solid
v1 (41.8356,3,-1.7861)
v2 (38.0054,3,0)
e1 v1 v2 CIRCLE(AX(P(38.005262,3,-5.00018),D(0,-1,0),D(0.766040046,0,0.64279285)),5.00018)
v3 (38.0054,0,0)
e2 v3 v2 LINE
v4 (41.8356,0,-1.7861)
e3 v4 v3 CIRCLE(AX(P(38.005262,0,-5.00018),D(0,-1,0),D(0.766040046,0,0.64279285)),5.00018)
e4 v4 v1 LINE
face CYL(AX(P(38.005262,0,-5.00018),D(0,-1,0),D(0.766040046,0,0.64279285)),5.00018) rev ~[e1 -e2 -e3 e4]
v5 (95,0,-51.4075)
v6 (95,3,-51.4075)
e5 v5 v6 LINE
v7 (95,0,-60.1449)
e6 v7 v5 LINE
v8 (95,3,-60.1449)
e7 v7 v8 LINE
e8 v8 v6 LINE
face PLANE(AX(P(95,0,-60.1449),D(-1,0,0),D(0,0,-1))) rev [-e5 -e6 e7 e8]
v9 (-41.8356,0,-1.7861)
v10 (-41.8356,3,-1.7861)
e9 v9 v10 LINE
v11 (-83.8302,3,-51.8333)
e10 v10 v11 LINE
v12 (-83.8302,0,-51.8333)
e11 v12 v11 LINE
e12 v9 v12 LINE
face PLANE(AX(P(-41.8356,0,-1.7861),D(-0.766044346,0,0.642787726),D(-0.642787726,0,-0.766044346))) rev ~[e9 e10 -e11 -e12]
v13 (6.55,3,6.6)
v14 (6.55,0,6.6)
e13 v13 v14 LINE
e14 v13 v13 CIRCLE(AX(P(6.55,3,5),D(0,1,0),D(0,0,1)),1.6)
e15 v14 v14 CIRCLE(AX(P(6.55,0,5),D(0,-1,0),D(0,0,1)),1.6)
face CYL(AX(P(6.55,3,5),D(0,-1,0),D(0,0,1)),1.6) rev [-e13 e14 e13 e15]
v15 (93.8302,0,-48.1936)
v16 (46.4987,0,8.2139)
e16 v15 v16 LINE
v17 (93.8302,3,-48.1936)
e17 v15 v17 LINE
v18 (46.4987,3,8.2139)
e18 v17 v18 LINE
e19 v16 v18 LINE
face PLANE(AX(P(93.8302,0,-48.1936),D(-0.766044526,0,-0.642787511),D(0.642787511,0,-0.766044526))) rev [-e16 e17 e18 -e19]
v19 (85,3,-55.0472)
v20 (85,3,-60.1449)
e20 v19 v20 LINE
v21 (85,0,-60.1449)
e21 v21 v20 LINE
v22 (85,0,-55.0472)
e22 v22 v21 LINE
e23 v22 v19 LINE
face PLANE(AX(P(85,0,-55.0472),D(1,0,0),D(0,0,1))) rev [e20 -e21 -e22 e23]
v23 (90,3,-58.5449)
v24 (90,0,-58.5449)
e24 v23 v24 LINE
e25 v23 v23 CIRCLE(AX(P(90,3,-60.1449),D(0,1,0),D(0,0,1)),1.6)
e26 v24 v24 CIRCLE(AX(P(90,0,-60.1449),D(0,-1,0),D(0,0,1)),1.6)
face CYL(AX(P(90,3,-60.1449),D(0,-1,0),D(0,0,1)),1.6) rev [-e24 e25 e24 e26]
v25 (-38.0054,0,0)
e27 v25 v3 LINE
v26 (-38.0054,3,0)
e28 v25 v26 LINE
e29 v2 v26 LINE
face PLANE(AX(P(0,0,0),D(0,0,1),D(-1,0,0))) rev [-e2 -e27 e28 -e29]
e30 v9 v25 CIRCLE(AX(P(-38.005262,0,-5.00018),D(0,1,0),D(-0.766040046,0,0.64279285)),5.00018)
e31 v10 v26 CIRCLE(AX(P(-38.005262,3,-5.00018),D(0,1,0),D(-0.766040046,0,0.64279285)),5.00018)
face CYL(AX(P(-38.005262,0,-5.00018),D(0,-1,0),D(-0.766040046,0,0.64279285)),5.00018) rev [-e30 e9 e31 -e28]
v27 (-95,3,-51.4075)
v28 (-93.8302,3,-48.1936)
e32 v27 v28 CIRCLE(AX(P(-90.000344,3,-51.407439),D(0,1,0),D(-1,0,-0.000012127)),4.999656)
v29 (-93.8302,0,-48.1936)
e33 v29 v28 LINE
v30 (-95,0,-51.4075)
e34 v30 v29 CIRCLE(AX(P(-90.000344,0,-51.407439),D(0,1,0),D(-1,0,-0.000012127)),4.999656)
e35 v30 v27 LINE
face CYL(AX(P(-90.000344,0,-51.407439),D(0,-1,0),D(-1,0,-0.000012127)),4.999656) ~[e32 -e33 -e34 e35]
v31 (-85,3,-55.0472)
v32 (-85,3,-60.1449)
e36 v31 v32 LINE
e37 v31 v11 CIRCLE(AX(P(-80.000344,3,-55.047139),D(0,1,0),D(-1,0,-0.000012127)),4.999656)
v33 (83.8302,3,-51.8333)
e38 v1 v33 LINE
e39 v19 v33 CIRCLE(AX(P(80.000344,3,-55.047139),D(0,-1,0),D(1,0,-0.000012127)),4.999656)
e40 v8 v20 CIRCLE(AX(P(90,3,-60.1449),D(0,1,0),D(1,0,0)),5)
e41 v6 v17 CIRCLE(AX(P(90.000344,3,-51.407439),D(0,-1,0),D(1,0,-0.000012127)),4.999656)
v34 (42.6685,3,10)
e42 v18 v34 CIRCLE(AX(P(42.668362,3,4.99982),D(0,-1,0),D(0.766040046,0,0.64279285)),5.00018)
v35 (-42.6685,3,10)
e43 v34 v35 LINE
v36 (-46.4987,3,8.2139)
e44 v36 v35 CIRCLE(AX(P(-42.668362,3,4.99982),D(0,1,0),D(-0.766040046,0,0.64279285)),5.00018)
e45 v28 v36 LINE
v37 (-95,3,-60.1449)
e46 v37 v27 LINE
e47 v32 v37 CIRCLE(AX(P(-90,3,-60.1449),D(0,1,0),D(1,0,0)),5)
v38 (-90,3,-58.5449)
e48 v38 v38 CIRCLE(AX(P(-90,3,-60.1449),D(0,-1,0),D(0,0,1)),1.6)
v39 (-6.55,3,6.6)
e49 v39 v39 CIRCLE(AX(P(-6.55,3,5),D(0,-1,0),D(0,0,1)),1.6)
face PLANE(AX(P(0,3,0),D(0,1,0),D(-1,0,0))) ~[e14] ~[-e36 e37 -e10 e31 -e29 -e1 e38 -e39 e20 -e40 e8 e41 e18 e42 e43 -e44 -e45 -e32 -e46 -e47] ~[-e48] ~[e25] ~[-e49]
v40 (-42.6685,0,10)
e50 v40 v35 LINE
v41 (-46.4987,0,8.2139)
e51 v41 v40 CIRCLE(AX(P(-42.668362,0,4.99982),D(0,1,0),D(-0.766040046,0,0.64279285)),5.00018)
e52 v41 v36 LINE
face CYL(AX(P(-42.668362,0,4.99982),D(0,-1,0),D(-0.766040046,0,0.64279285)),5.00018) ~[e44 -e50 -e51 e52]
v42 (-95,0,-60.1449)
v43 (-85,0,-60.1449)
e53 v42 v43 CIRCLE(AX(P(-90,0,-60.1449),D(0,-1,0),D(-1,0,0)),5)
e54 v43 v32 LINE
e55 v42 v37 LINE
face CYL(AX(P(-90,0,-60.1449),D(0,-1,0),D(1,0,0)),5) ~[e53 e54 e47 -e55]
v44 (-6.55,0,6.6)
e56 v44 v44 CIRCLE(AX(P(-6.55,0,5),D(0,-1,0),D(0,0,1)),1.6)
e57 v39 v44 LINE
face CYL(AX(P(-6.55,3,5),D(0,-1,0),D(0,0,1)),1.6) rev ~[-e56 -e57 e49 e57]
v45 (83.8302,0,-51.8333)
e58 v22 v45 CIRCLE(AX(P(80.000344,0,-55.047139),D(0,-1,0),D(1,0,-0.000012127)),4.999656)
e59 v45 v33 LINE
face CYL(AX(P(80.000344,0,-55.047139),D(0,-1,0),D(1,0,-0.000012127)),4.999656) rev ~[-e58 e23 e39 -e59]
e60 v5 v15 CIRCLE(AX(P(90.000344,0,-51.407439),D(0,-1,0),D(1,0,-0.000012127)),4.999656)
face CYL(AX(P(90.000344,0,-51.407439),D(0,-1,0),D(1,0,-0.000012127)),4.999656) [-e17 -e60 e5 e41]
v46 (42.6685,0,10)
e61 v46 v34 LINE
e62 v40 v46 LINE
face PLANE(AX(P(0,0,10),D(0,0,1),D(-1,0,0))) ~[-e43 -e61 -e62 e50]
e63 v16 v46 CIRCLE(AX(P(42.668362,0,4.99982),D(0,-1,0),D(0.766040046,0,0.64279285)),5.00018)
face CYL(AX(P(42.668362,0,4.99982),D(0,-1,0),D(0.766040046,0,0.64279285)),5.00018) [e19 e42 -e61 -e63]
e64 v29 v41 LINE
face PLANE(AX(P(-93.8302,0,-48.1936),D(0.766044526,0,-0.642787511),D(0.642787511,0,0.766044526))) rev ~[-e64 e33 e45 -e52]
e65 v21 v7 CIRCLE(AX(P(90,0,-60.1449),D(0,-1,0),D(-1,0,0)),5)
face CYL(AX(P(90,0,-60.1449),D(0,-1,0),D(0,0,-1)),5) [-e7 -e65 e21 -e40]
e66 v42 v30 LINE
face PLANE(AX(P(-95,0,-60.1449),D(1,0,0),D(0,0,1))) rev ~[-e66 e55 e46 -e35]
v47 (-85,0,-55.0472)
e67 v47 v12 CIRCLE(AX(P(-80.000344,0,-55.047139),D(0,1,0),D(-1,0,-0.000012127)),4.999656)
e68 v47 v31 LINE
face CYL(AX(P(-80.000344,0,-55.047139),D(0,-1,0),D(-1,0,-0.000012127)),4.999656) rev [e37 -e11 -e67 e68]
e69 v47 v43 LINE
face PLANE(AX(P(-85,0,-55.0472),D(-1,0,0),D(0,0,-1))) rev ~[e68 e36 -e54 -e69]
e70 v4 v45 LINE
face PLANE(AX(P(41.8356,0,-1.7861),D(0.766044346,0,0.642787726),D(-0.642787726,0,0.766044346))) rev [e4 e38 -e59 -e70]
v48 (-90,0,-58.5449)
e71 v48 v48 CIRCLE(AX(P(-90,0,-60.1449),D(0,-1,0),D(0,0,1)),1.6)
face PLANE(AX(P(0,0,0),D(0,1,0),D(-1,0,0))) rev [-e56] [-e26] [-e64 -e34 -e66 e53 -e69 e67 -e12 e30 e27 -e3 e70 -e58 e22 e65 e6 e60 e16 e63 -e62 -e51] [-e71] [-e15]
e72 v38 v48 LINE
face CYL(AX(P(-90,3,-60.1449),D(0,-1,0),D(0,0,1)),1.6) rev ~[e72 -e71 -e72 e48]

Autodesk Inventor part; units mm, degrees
ref_plane "YZ Plane" through (0, 0, 0) normal (1, 0, 0) x (0, 1, 0)
ref_plane "XZ Plane" through (0, 0, 0) normal (0, 1, 0) x (-1, 0, 0)
ref_plane "XY Plane" through (0, 0, 0) normal (0, 0, 1) x (1, 0, 0)
sketch "Sketch1" plane through (0, 0, 0) normal (0, 1, 0) x (-1, 0, 0)
  line L0 (0, 0) -> (0, 10)
  line L1 (0, 10) -> (42.6685, 10)
  line L2 (0, 0) -> (38.0054, 0)
  line L3 (41.8356, -1.7861) -> (83.8302, -51.8333)
  line L4 (85, -55.0472) -> (85, -60.1449)
  line L5 (90, -65.1449) -> (90, -65.1449)
  line L6 (95, -60.1449) -> (95, -51.4075)
  line L7 (93.8302, -48.1936) -> (46.4987, 8.2139)
  arc A0 (45.5995, 9.2856) -> (44.0674, 10) centre (44.0674, 8) ccw
  arc A1 (41.8356, -1.7861) -> (38.0054, 0) centre (38.0054, -5) ccw
  arc A2 (85, -55.0472) -> (83.8302, -51.8333) centre (80, -55.0472) ccw
  arc A3 (95, -51.4075) -> (93.8302, -48.1936) centre (90, -51.4075) ccw
  arc A4 (46.4987, 8.2139) -> (42.6685, 10) centre (42.6685, 5) ccw
  arc A5 (90, -65.1449) -> (95, -60.1449) centre (90, -60.1449) ccw
  arc A6 (85, -60.1449) -> (90, -65.1449) centre (90, -60.1449) ccw
  point P0 (85, -65.1449)
  point P1 (95, -65.1449)
  point P2 (45, 10)
  point P3 (90, -65.1449)
  dimension "d1" = 130
  dimension "d2" = 140
  dimension "d3" = 45
  dimension "d4" = 50
  dimension "d5" = 10
  dimension "d6" = 10
  dimension "d7" = 10
  dimension "d8" = 2
  dimension "d9" = 5
extrude "Extrusion1" add sketch "Sketch1" along normal blind 3
sketch "Sketch2" plane through (0, 3, 0) normal (0, 1, 0) x (1, 0, 0)
  line L0 (0, -10) -> (0, 0) projected
  line L1 (0, -5) -> (-25.3234, -5) construction
  arc A0 (-85, 60.1449) -> (-95, 60.1449) centre (-90, 60.1449) ccw projected
  point P0 (-6.55, -5)
  dimension "d19" = 6.55
hole "Hole1" at (-6.55, 3, 5) at (-90, 3, -60.1449) direction (0, -1, 0) diameter 3.2 end through all clearance for "Countersunk Flat Head Screw DIN EN ISO 2009" size "M3" standard "DIN"
mirror "Mirror1" about plane through (0, 0, 0) normal (1, 0, 0) of "Extrusion1", "Hole1"
properties part number "Claw1" material "Copper, Cast"
